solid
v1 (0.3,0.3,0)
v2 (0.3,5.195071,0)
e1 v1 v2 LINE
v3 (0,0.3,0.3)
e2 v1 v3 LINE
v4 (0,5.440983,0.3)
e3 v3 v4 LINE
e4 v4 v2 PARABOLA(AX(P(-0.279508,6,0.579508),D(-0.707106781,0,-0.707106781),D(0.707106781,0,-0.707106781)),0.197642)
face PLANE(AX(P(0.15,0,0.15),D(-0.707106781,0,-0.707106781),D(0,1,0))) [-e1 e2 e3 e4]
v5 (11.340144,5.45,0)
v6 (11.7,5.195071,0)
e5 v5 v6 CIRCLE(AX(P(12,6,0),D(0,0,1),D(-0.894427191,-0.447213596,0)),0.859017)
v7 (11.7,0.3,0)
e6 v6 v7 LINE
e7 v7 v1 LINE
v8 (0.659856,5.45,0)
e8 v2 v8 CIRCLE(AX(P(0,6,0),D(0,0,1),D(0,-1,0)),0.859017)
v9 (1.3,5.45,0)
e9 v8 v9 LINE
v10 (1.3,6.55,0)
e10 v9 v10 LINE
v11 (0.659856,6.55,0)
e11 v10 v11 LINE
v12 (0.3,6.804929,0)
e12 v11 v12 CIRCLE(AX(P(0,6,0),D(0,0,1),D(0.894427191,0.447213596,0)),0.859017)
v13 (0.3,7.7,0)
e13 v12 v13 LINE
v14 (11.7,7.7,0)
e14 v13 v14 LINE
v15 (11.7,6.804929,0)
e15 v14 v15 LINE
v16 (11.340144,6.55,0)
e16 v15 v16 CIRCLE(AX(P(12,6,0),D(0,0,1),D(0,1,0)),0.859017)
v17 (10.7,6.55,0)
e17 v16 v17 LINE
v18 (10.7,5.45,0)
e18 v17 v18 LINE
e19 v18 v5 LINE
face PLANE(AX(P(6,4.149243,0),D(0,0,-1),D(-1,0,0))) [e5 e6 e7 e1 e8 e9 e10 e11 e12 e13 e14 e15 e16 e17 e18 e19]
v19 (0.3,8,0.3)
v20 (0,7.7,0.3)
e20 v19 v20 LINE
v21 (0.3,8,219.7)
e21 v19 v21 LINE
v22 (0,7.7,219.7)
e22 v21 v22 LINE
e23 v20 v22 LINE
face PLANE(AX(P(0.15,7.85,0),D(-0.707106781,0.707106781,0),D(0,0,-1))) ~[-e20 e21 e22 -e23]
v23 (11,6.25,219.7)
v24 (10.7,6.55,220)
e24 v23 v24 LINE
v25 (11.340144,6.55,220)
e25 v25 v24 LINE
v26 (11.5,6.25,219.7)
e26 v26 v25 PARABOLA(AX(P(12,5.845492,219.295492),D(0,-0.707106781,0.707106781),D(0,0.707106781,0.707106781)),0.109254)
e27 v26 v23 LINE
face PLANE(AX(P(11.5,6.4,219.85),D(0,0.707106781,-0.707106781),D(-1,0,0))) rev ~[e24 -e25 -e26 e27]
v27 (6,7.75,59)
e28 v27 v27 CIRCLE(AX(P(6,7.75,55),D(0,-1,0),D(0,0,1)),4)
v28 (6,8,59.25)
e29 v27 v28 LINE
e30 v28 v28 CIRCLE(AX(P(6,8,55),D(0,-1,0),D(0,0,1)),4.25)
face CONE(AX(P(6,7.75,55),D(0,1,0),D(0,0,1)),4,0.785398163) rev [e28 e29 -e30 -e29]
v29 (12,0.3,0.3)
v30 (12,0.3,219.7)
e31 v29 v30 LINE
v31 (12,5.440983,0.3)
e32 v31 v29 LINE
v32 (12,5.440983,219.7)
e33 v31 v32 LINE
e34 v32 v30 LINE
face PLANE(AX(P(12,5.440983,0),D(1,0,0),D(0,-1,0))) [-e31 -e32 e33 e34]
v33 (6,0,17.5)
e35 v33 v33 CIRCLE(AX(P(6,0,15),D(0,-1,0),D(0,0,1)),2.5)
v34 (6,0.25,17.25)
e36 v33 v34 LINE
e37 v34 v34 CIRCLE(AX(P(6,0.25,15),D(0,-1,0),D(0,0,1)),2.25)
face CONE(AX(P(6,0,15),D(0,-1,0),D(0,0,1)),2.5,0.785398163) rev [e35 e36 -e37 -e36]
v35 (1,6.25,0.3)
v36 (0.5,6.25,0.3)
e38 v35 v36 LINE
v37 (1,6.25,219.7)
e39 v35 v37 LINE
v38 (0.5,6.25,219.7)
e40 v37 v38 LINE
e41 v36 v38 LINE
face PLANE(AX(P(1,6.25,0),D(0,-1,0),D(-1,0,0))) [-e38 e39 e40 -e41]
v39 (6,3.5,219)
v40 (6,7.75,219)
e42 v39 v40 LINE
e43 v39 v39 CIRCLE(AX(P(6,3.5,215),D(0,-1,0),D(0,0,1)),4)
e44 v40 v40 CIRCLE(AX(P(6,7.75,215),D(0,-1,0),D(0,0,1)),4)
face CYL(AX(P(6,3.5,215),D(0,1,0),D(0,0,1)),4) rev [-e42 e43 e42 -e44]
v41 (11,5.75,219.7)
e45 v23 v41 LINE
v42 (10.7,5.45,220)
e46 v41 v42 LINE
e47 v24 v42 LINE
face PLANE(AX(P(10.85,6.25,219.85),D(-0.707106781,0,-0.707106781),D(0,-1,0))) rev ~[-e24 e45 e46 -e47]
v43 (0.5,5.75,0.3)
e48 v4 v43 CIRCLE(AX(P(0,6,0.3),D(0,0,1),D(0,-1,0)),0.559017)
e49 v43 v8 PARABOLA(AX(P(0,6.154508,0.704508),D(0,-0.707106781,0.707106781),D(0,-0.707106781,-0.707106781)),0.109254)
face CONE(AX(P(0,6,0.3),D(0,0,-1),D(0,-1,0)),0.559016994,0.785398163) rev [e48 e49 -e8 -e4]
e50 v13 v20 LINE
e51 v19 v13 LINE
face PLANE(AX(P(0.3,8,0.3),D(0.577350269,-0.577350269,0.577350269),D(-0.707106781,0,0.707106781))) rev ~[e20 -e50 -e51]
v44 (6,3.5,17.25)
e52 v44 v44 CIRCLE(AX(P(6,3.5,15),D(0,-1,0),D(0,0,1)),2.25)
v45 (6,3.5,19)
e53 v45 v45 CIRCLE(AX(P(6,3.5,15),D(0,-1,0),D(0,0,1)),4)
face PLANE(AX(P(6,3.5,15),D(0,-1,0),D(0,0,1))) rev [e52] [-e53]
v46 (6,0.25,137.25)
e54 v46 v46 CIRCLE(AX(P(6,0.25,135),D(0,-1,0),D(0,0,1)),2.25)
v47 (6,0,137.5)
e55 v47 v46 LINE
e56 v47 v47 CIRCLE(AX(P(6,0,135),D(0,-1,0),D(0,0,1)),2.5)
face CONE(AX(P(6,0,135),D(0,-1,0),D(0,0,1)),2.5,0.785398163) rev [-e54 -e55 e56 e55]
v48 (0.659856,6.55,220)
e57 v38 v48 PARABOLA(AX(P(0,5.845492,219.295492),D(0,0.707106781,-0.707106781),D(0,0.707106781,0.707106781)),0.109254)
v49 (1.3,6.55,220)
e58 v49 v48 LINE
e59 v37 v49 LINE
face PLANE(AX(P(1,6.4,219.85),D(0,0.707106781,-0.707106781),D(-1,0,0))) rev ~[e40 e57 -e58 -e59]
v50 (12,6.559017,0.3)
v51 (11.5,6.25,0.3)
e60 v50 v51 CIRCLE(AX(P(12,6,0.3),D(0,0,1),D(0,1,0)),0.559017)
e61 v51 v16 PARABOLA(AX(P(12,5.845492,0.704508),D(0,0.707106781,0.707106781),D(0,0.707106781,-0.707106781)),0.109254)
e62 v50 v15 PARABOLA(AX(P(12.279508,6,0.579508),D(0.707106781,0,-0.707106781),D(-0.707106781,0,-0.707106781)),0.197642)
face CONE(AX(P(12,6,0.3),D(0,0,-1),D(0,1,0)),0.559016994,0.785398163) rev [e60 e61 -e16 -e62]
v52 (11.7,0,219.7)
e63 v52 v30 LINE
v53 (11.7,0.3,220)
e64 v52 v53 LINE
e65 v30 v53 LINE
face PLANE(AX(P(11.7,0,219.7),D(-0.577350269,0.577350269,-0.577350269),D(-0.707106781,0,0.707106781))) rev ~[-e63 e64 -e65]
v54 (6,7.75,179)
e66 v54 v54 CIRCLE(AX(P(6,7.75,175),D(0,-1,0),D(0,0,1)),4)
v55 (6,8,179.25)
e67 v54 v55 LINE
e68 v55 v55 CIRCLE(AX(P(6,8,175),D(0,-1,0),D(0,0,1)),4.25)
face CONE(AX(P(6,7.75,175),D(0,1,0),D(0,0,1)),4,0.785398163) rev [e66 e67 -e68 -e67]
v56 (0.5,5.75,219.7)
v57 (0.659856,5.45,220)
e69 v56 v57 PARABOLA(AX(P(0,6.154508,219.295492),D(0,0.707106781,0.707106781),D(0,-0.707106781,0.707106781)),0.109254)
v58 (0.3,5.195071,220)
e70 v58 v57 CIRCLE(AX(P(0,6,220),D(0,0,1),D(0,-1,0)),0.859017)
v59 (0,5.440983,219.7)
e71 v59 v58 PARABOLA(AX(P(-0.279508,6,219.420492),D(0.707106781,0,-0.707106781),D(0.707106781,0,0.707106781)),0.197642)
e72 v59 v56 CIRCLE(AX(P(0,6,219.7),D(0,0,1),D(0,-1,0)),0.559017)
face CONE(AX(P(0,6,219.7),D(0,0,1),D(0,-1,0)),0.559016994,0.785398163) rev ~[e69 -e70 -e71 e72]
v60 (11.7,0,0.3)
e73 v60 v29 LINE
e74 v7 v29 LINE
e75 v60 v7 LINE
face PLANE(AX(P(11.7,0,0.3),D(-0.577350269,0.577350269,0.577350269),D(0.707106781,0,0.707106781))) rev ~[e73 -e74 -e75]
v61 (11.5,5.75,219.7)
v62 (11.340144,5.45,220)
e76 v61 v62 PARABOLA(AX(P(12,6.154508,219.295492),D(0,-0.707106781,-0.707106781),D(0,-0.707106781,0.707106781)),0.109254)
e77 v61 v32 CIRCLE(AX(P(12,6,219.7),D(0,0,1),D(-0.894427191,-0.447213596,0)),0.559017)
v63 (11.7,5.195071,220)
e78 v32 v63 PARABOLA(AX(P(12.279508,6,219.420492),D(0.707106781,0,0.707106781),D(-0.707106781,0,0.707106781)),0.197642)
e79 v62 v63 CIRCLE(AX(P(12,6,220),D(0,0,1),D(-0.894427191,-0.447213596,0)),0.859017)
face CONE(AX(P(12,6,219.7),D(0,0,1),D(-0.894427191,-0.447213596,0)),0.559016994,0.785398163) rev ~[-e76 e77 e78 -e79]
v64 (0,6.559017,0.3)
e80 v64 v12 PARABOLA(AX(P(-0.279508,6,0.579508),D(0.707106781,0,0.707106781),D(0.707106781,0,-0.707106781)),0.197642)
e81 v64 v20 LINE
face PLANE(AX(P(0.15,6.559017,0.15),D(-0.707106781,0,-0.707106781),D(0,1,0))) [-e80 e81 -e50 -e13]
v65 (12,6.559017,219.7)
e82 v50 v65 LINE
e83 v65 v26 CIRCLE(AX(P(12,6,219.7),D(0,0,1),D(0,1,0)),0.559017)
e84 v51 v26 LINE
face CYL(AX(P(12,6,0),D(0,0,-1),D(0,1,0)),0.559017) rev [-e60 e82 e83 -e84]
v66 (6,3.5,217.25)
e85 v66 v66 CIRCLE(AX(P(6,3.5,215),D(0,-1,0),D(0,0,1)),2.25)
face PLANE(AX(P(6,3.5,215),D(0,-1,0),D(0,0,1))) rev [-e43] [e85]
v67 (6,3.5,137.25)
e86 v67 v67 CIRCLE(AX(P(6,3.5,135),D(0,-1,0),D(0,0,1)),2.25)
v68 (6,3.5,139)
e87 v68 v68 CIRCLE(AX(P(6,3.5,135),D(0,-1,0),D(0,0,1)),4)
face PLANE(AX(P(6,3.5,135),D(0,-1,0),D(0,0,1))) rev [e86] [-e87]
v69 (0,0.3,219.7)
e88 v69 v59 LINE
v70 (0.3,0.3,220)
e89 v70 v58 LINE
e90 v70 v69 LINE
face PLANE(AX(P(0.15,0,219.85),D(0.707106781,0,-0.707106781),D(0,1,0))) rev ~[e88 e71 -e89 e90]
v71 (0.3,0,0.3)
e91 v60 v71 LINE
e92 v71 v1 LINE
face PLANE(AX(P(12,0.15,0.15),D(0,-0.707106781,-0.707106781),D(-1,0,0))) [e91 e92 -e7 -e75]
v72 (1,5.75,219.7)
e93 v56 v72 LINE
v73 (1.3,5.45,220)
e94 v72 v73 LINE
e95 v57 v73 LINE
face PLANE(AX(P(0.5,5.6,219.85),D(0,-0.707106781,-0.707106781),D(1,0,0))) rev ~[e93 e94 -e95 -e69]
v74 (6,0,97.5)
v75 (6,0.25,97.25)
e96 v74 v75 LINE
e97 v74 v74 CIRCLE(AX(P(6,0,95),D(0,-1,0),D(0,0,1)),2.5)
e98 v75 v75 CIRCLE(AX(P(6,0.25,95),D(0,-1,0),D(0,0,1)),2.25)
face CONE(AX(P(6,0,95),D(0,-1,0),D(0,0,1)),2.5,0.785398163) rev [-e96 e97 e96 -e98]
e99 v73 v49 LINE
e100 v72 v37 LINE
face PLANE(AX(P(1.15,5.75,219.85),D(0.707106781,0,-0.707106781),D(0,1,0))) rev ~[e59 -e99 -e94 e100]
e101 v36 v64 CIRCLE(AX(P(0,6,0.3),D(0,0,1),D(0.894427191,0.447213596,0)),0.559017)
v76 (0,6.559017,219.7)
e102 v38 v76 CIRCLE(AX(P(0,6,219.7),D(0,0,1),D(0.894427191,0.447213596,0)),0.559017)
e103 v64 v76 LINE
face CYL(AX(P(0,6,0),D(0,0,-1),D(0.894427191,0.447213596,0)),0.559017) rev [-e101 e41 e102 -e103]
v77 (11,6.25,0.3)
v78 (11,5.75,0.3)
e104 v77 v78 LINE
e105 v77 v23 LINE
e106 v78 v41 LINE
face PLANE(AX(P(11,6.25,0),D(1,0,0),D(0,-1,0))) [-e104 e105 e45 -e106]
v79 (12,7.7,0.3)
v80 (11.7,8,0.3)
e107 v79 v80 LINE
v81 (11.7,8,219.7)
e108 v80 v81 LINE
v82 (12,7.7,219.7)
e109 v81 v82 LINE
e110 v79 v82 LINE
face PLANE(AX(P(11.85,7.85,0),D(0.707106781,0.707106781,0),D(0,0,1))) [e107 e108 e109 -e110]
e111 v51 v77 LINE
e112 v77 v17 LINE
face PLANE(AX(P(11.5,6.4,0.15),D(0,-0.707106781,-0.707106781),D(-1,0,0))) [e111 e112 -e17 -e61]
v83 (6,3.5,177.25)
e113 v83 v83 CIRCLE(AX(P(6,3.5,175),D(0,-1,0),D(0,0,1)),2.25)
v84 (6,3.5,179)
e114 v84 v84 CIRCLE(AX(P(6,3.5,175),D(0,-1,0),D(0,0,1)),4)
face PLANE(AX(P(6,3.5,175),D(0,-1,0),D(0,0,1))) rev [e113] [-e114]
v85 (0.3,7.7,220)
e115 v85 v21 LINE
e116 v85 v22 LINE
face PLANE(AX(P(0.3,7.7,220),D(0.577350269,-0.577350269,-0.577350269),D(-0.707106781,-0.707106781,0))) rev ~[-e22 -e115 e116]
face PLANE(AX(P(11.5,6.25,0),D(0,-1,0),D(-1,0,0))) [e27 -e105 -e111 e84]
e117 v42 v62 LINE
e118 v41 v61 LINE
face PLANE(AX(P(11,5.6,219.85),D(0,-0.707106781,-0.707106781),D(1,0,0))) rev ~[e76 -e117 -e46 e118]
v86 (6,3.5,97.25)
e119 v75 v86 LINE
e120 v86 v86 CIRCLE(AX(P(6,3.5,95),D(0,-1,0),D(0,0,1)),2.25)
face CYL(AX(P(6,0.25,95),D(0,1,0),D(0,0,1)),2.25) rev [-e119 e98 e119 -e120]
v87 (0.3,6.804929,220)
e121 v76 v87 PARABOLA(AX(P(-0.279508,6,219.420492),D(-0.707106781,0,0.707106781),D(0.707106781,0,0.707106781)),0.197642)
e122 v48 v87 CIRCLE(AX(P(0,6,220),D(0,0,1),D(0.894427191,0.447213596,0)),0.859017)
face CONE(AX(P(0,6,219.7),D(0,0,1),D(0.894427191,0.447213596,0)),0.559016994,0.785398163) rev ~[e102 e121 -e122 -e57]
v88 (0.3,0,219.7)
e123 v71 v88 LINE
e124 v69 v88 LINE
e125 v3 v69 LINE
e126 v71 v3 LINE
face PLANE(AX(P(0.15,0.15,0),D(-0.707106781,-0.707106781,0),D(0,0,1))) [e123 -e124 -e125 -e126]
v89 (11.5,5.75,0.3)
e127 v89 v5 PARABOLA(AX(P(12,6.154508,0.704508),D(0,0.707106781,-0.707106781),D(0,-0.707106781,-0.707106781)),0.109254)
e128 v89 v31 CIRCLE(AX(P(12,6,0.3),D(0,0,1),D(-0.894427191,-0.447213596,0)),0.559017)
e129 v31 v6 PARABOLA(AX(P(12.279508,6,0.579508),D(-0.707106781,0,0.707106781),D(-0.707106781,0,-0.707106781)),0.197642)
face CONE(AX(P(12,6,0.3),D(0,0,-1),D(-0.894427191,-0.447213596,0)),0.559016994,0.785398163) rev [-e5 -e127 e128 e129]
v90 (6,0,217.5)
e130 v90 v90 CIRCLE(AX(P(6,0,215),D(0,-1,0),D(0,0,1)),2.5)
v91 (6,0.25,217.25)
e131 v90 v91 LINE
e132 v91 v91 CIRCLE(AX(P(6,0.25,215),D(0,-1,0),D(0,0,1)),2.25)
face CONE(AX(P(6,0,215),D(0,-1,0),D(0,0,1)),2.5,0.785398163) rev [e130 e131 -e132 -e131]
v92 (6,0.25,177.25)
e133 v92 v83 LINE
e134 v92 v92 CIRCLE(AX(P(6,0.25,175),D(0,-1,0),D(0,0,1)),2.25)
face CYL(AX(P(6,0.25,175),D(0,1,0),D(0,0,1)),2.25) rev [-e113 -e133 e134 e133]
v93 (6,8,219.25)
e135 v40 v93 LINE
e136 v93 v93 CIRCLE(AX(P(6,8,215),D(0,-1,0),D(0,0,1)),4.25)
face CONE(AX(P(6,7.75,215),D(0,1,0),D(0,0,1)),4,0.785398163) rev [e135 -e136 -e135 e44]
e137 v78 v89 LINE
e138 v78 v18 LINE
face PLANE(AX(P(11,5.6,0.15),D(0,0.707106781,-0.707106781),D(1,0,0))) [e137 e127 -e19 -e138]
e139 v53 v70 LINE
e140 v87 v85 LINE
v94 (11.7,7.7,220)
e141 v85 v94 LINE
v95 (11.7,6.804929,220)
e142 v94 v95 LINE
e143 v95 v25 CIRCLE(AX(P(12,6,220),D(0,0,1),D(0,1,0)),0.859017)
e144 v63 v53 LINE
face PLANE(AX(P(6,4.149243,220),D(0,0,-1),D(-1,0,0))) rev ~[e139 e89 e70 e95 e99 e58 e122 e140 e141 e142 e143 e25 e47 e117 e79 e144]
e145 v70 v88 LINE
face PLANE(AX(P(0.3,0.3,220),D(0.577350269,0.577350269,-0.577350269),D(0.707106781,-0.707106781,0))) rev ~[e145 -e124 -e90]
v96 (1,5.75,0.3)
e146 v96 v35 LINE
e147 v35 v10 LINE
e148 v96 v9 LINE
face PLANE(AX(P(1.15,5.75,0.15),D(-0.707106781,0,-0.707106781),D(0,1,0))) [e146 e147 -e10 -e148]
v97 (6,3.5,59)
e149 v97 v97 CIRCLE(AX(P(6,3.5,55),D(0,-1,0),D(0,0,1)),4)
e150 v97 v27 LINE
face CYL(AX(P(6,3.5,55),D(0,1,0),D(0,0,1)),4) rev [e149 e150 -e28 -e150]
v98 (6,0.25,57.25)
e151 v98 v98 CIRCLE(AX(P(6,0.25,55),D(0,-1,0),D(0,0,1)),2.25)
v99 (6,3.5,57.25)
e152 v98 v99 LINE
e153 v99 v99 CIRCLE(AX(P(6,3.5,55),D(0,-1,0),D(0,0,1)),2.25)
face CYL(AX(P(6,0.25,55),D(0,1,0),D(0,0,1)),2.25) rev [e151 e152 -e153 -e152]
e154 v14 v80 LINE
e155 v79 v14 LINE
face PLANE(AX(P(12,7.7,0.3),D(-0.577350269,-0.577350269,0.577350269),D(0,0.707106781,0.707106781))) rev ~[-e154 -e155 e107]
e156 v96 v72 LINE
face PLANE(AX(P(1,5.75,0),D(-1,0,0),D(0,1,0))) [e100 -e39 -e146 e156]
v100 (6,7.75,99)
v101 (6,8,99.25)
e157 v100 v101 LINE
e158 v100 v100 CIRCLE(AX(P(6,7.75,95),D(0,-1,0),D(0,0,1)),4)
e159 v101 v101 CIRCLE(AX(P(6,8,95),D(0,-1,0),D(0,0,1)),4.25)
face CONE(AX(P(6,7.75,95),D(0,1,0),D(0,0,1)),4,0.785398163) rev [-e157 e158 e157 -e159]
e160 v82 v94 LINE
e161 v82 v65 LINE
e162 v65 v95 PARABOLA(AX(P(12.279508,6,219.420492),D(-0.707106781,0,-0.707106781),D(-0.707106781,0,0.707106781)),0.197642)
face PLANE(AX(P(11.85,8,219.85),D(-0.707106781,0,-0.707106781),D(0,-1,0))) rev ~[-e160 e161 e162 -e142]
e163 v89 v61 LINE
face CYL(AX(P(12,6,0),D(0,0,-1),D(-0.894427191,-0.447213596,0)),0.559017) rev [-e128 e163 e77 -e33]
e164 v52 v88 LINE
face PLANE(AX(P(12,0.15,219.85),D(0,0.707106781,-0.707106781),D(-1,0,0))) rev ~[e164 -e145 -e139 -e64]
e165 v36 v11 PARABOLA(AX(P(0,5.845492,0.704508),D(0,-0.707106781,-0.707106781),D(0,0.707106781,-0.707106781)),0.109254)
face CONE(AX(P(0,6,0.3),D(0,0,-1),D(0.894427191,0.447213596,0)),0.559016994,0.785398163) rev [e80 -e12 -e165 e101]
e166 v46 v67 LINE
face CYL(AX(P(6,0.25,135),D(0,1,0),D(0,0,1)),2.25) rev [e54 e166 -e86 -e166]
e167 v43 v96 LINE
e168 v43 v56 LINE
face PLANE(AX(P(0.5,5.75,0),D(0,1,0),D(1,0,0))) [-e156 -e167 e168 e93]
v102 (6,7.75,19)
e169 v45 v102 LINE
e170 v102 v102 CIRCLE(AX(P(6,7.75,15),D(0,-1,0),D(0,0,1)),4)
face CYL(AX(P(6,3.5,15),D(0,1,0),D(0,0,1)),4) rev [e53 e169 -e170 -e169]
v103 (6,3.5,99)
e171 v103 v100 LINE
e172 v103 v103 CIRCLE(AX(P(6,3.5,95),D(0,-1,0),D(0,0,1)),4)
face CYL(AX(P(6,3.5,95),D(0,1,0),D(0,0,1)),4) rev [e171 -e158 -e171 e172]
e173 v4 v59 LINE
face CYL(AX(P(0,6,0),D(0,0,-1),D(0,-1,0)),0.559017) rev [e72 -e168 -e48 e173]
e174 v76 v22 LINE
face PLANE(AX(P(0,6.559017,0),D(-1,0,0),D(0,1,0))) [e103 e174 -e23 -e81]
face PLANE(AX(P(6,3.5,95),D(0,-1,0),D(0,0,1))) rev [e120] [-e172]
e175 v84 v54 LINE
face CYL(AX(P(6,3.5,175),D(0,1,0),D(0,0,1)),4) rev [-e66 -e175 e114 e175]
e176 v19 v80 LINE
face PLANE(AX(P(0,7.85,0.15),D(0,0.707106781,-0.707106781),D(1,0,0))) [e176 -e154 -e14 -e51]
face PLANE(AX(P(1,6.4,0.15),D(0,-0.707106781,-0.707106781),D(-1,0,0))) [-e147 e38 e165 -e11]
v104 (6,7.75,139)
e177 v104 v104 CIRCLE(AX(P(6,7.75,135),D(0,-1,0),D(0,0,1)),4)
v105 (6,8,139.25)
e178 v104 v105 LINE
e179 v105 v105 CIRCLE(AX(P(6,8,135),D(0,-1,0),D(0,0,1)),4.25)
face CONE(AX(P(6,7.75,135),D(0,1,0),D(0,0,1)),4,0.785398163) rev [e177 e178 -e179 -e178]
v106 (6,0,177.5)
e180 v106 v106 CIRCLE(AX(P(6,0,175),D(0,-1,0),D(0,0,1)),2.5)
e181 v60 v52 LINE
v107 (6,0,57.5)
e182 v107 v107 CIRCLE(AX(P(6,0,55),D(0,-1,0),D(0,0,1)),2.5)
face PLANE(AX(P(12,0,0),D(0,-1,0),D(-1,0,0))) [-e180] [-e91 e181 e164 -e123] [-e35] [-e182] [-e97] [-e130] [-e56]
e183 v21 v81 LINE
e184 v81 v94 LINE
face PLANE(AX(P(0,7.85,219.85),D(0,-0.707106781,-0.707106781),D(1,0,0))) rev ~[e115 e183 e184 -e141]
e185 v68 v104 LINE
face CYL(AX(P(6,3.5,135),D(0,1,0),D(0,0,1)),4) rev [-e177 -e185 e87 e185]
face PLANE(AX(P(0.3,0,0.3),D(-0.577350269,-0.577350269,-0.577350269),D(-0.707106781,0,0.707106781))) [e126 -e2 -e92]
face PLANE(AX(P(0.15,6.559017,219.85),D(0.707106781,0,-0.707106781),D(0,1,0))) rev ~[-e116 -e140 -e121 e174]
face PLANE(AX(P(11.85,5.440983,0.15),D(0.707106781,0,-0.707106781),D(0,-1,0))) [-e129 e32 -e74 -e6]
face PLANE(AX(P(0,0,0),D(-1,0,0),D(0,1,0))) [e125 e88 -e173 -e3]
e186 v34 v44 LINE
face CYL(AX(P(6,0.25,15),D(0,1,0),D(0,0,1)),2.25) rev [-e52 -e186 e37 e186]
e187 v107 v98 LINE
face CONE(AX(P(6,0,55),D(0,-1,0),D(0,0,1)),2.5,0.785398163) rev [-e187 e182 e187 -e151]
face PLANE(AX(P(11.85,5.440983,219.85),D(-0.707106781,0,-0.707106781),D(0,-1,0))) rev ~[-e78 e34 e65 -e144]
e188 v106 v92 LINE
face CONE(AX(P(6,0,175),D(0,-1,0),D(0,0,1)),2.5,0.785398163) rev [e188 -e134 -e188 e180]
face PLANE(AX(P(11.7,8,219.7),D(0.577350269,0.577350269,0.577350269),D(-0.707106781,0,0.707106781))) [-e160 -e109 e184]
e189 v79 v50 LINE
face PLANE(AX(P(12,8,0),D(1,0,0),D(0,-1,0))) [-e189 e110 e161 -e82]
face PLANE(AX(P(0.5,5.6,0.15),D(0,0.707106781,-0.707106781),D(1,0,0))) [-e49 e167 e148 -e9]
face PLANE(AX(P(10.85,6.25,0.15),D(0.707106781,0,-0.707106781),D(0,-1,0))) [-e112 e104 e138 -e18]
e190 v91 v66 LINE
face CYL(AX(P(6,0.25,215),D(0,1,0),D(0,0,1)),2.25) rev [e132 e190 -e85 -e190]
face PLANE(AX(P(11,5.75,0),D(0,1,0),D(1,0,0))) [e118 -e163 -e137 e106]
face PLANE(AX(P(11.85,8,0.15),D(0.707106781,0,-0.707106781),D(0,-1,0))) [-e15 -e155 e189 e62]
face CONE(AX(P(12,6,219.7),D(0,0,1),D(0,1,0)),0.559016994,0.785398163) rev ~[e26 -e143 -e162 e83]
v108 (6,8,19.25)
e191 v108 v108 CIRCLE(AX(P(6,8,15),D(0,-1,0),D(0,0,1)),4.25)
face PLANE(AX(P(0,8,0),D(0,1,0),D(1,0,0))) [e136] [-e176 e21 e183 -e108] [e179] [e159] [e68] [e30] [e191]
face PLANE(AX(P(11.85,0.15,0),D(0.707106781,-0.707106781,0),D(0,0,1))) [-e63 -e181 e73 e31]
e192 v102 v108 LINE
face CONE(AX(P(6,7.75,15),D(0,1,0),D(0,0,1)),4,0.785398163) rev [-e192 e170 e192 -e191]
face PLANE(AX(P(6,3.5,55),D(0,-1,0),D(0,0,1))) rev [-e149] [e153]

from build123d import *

# Parameters (mm, degrees)
BOSS_EXTRUDE1_DEPTH = 220
CHAMFER1_SIZE       = 0.3
LPATTERN1_COUNT     = 6
LPATTERN1_PITCH     = 40


with BuildPart() as part:
    # Sketch1 → Boss-Extrude1 (new body)
    with BuildSketch(Plane.XY):
        with BuildLine():
            Line((0, 8), (12, 8))
            Line((12, 8), (12, 6.75))
            Line((12, 6.75), (12, 6.559016994))
            ThreePointArc((12, 6.559016994), (11.706107374, 6.475528258), (11.5, 6.25))
            Line((11.5, 6.25), (11, 6.25))
            Line((11, 6.25), (11, 5.75))
            Line((11, 5.75), (11.5, 5.75))
            ThreePointArc((11.5, 5.75), (11.706107374, 5.524471742), (12, 5.440983006))
            Line((12, 5.440983006), (12, 5.25))
            Line((12, 5.25), (12, 0))
            Line((12, 0), (0, 0))
            Line((0, 0), (0, 5.25))
            Line((0, 5.25), (0, 5.440983006))
            ThreePointArc((0, 5.440983006), (0.293892626, 5.524471742), (0.5, 5.75))
            Line((0.5, 5.75), (1, 5.75))
            Line((1, 5.75), (1, 6.25))
            Line((1, 6.25), (0.5, 6.25))
            ThreePointArc((0.5, 6.25), (0.293892626, 6.475528258), (0, 6.559016994))
            Line((0, 6.559016994), (0, 6.75))
            Line((0, 6.75), (0, 8))
        make_face()
    extrude(amount=BOSS_EXTRUDE1_DEPTH)

    # Chamfer1
    chamfer1_edges = [part.edges().sort_by_distance(p)[0] for p in [
        (12, 2.720491503, 220),
        (11.706107374, 5.524471742, 220),
        (0, 2.720491503, 0),
        (0.293892626, 5.524471742, 0),
        (0.75, 5.75, 0),
        (1, 6, 0),
        (0.75, 6.25, 0),
        (11.25, 5.75, 220),
        (0.293892626, 6.475528258, 0),
        (0, 7.279508497, 0),
        (6, 8, 0),
        (12, 7.279508497, 0),
        (11.706107374, 6.475528258, 0),
        (11, 6, 220),
        (11.25, 6.25, 0),
        (11, 6, 0),
        (11.25, 5.75, 0),
        (11.706107374, 5.524471742, 0),
        (12, 2.720491503, 0),
        (6, 0, 0),
        (11.25, 6.25, 220),
        (11.706107374, 6.475528258, 220),
        (12, 7.279508497, 220),
        (0, 8, 110),
        (12, 8, 110),
        (12, 0, 110),
        (0, 0, 110),
        (6, 8, 220),
        (0, 2.720491503, 220),
        (0, 7.279508497, 220),
        (0.293892626, 6.475528258, 220),
        (0.75, 6.25, 220),
        (1, 6, 220),
        (0.75, 5.75, 220),
        (0.293892626, 5.524471742, 220),
        (6, 0, 220),
    ]]
    chamfer(chamfer1_edges, length=CHAMFER1_SIZE)

    # Sketch3 → CBORE for M5 Hex Head Bolt1 (revolve, cut)
    with BuildSketch(Plane(origin=(6, 8, 15), x_dir=(0, 0, 1), z_dir=(1, 0, 0))):
        Polygon((0, 0), (0, 8), (2.5, 8), (2.25, 7.75), (2.25, 4.5), (4, 4.5), (4, 0.25), (4.25, 0), align=None)
    cbore_for_m5_hex_head_bolt1 = revolve(axis=Axis((6, 14.35, 15), (0, -1, 0)), mode=Mode.SUBTRACT)

    # LPattern1: CBORE for M5 Hex Head Bolt1 ×6
    with Locations(*[(0, 0, i * LPATTERN1_PITCH) for i in range(1, LPATTERN1_COUNT)]):
        add(cbore_for_m5_hex_head_bolt1, mode=Mode.SUBTRACT)


solid = part.part
